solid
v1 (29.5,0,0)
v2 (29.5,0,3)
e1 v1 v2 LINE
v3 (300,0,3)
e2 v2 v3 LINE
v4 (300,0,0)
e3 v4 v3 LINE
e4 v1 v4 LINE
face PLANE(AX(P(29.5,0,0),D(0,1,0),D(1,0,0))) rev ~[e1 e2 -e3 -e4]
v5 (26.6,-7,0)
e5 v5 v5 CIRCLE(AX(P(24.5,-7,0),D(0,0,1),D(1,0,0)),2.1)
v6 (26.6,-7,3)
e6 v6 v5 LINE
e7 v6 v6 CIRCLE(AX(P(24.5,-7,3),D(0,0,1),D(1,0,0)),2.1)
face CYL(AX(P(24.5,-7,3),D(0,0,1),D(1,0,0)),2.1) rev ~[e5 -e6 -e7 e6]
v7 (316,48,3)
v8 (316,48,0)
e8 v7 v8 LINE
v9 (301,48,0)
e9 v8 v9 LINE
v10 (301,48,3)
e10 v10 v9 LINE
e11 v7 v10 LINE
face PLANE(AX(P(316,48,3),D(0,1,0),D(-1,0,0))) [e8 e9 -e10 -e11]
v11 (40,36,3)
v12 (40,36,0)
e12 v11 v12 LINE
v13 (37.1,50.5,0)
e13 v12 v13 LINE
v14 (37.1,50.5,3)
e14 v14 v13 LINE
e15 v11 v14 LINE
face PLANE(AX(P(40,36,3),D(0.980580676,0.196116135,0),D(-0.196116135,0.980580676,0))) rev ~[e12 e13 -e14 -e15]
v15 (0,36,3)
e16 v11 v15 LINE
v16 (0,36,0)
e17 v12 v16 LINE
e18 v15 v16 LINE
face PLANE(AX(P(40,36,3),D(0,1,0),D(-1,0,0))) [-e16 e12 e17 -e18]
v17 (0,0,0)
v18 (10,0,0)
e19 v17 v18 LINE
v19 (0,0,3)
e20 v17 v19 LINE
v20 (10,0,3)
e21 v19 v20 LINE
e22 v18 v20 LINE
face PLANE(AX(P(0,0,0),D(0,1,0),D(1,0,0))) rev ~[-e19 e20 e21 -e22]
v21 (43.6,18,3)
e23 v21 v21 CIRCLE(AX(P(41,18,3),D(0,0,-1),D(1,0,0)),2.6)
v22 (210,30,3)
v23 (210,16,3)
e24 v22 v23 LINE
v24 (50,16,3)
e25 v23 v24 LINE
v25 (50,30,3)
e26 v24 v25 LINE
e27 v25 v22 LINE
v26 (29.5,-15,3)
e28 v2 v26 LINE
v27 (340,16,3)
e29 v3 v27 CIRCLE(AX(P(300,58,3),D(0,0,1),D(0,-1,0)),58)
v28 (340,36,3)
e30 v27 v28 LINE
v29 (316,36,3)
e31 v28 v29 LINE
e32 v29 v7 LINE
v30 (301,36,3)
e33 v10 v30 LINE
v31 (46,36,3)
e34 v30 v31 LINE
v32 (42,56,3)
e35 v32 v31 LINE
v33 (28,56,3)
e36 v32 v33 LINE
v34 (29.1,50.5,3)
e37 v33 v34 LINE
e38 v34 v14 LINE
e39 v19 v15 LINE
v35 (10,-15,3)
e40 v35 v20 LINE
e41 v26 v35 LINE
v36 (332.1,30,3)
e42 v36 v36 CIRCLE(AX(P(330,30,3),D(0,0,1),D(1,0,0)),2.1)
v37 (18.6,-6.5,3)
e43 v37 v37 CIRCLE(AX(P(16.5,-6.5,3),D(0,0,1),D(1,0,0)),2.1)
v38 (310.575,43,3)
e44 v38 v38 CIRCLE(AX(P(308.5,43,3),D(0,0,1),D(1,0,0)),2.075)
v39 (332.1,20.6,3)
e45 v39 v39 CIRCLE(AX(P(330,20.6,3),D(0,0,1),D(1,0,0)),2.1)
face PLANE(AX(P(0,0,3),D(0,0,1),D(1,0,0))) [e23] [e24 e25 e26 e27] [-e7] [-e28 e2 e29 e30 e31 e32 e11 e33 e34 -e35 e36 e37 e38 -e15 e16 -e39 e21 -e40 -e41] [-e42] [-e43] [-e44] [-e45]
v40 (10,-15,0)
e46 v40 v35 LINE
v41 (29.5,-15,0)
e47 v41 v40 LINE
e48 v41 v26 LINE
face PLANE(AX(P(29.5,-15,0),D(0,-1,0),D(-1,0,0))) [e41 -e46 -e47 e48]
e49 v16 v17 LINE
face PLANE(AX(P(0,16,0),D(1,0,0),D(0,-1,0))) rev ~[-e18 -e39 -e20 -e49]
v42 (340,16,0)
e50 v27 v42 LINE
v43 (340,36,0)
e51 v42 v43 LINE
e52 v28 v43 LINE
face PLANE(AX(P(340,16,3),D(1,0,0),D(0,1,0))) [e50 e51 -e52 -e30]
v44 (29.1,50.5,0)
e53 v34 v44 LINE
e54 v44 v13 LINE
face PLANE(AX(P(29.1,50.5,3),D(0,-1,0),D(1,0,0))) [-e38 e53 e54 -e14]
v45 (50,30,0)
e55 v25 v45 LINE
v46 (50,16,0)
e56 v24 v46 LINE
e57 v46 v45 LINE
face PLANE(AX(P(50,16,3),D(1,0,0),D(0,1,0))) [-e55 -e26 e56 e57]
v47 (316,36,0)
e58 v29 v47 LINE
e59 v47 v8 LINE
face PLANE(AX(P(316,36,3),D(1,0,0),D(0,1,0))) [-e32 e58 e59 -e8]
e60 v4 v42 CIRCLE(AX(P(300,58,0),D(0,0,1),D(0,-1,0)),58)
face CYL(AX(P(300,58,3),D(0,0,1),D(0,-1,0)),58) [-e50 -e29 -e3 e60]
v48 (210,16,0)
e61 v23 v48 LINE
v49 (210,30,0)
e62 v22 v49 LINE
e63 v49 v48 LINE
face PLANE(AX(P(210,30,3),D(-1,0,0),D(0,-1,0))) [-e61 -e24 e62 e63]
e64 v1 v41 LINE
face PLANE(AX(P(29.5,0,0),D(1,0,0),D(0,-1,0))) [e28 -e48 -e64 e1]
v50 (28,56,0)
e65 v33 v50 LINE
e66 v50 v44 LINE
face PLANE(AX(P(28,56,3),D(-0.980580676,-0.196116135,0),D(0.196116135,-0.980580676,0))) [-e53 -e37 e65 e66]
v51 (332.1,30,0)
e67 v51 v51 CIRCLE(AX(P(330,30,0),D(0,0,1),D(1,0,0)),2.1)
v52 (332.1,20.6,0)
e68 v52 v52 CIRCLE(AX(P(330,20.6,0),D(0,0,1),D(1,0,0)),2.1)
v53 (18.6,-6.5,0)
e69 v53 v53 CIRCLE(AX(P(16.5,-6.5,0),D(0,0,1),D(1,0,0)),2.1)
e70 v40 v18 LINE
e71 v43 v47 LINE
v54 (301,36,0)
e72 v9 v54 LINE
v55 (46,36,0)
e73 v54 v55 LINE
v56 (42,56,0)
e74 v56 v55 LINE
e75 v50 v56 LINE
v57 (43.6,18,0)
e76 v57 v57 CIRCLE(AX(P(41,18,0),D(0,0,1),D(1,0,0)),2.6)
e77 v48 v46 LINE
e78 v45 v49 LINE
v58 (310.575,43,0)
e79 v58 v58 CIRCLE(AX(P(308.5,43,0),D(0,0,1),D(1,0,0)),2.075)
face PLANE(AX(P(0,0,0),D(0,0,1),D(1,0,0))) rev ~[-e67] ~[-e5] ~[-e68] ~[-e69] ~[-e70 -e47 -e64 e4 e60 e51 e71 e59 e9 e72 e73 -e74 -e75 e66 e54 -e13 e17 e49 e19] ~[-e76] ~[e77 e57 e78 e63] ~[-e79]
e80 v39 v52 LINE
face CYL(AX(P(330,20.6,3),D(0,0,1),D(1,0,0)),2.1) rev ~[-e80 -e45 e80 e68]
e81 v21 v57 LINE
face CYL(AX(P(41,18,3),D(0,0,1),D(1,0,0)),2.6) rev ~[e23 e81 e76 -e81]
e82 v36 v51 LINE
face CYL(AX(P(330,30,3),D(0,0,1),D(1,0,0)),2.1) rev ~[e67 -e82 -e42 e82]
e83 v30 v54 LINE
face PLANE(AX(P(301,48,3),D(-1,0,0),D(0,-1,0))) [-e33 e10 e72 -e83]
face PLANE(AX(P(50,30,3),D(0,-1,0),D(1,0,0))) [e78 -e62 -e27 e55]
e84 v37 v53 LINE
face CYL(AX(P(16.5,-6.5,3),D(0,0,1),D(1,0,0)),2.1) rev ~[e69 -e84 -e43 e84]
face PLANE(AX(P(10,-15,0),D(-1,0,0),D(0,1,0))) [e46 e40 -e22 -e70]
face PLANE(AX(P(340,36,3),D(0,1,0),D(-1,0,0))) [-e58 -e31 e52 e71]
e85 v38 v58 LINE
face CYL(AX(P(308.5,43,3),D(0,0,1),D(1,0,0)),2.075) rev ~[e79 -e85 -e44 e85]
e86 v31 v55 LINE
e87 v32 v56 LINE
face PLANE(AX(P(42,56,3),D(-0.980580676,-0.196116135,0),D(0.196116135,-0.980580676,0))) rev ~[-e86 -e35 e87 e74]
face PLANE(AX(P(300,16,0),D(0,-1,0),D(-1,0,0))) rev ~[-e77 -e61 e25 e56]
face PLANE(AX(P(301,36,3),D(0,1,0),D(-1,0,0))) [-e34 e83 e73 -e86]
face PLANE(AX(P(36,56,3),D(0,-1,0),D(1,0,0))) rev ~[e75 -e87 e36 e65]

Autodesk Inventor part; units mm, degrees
ref_plane "YZ Plane" through (0, 0, 0) normal (1, 0, 0) x (0, 1, 0)
ref_plane "XZ Plane" through (0, 0, 0) normal (0, 1, 0) x (-1, 0, 0)
ref_plane "XY Plane" through (0, 0, 0) normal (0, 0, 1) x (1, 0, 0)
sketch "Sketch1" plane through (0, 0, 0) normal (0, 0, 1) x (1, 0, 0)
  line L0 (0, 0) -> (300, 0)
  line L1 (300, 0) -> (300, 16)
  line L2 (300, 16) -> (0, 16)
  line L3 (0, 16) -> (0, 0)
  line L4 (0, 0) -> (22.0483, 0)
  line L5 (10, 0) -> (29.5, 0)
  line L6 (29.5, 0) -> (29.5, -15)
  line L7 (29.5, -15) -> (10, -15)
  line L8 (10, -15) -> (10, 0)
  point P0 (0, 8)
  dimension "d2" = 19.5
  dimension "d3" = 15
  dimension "d4" = 10
  dimension "d5" = 16
  dimension "d8" = 300
extrude "Extrusion1" add sketch "Sketch1" along normal blind 3
sketch "Sketch2" plane through (0, 0, 3) normal (0, 0, 1) x (1, 0, 0)
  line L0 (0, 16) -> (0, 0) projected
  line L1 (0, 16) -> (0, 36)
  line L2 (300, 0) -> (300, 16) projected
  line L3 (340, 16) -> (340, 36)
  line L4 (340, 36) -> (0, 36)
  line L5 (300, 16) -> (0, 16) projected
  line L6 (50, 16) -> (50, 30)
  line L7 (50, 30) -> (210, 30)
  line L8 (210, 30) -> (210, 16)
  line L9 (40, 36) -> (36, 56)
  line L10 (36, 56) -> (42, 56)
  line L11 (42, 56) -> (46, 36)
  circle A0 centre (330, 30) radius 2.1
  circle A1 centre (330, 20.6) radius 2.1
  line L12 (340, 16) -> (300, 16)
  line L13 (301, 36) -> (316, 36)
  line L14 (316, 36) -> (316, 48)
  line L15 (316, 48) -> (301, 48)
  line L16 (301, 48) -> (301, 36)
  circle A2 centre (308.5, 43) radius 2.075
  line L17 (36, 56) -> (28, 56)
  line L18 (28, 56) -> (29.1, 50.5)
  line L19 (29.1, 50.5) -> (37.1, 50.5)
  point P0 (308.5, 48)
  point P1 (316, 36)
  dimension "d44" = 20
  dimension "d45" = 160
  dimension "d46" = 50
  dimension "d47" = 14
  dimension "d48" = 20
  dimension "d49" = 6
  dimension "d50" = 4
  dimension "d51" = 40
  dimension "d83" = 4.2
  dimension "d84" = 4.2
  dimension "d85" = 6
  dimension "d86" = 9.4
  dimension "d87" = 10
  dimension "d99" = 40
  dimension "d107" = 7
  dimension "d108" = 15
  dimension "d109" = 12
  dimension "d110" = 24
  dimension "d111" = 4.15
  dimension "d112" = 8
  dimension "d114" = 5.5
extrude "Extrusion2" add sketch "Sketch2" against normal blind 3 contours L1 L4 L3 L12 L5 L8 L7 L6 | L9 L10 L11 L4 | L19 L18 L17 L9 | L16 L15 L14 L4
sketch "Sketch3" plane through (0, 0, 3) normal (0, 0, 1) x (1, 0, 0)
  circle A0 centre (16.5, -6.5) radius 2.1
  circle A1 centre (24.5, -7) radius 2.1
  line L0 (29.5, 0) -> (300, 0) projected
  line L1 (29.5, -15) -> (29.5, 0) projected
  point P0 (0, 0)
  dimension "d75" = 4.2
  dimension "d76" = 6.5
  dimension "d77" = 4.2
  dimension "d78" = 7
  dimension "d79" = 5
  dimension "d80" = 8
extrude "Extrusion3" cut sketch "Sketch3" against normal blind 3
sketch "Sketch4" plane through (0, 0, 3) normal (0, 0, 1) x (1, 0, 0)
  line L0 (29.5, 0) -> (300, 0) projected
  circle A0 centre (41, 18) radius 2.6
  line L1 (340, 36) -> (46, 36) projected
  line L2 (38.4, 28.1) -> (43.6, 28.1)
  line L3 (43.6, 28.1) -> (43.6, 7.9)
  line L4 (43.6, 7.9) -> (38.4, 7.9)
  line L5 (38.4, 7.9) -> (38.4, 28.1)
  line L6 (38.4, 28.1) -> (43.6, 7.9) construction
  line L7 (43.6, 28.1) -> (38.4, 7.9) construction
  point P0 (0, 0)
  point P1 (43.6, 18)
  point P2 (38.4, 18)
  dimension "d95" = 18
  dimension "d96" = 5.2
  dimension "d100" = 5
  dimension "d101" = 20.2
extrude "Extrusion4" cut sketch "Sketch4" against normal blind 3 contours A0
sketch "Sketch5" plane through (0, 0, 3) normal (0, 0, 1) x (1, 0, 0)
  line L0 (29.5, 0) -> (300, 0) projected
  line L1 (340, 36) -> (340, 16) projected
  arc A0 (300, 0) -> (340, 16) centre (300, 58) ccw
  line L2 (300, 0) -> (300, 16) projected
  line L3 (300, 0) -> (300, 16)
  line L4 (300, 16) -> (340, 16)
  point P0 (0, 0)
extrude "Extrusion5" add sketch "Sketch5" against normal blind 3
properties part number "Middle_bar"
